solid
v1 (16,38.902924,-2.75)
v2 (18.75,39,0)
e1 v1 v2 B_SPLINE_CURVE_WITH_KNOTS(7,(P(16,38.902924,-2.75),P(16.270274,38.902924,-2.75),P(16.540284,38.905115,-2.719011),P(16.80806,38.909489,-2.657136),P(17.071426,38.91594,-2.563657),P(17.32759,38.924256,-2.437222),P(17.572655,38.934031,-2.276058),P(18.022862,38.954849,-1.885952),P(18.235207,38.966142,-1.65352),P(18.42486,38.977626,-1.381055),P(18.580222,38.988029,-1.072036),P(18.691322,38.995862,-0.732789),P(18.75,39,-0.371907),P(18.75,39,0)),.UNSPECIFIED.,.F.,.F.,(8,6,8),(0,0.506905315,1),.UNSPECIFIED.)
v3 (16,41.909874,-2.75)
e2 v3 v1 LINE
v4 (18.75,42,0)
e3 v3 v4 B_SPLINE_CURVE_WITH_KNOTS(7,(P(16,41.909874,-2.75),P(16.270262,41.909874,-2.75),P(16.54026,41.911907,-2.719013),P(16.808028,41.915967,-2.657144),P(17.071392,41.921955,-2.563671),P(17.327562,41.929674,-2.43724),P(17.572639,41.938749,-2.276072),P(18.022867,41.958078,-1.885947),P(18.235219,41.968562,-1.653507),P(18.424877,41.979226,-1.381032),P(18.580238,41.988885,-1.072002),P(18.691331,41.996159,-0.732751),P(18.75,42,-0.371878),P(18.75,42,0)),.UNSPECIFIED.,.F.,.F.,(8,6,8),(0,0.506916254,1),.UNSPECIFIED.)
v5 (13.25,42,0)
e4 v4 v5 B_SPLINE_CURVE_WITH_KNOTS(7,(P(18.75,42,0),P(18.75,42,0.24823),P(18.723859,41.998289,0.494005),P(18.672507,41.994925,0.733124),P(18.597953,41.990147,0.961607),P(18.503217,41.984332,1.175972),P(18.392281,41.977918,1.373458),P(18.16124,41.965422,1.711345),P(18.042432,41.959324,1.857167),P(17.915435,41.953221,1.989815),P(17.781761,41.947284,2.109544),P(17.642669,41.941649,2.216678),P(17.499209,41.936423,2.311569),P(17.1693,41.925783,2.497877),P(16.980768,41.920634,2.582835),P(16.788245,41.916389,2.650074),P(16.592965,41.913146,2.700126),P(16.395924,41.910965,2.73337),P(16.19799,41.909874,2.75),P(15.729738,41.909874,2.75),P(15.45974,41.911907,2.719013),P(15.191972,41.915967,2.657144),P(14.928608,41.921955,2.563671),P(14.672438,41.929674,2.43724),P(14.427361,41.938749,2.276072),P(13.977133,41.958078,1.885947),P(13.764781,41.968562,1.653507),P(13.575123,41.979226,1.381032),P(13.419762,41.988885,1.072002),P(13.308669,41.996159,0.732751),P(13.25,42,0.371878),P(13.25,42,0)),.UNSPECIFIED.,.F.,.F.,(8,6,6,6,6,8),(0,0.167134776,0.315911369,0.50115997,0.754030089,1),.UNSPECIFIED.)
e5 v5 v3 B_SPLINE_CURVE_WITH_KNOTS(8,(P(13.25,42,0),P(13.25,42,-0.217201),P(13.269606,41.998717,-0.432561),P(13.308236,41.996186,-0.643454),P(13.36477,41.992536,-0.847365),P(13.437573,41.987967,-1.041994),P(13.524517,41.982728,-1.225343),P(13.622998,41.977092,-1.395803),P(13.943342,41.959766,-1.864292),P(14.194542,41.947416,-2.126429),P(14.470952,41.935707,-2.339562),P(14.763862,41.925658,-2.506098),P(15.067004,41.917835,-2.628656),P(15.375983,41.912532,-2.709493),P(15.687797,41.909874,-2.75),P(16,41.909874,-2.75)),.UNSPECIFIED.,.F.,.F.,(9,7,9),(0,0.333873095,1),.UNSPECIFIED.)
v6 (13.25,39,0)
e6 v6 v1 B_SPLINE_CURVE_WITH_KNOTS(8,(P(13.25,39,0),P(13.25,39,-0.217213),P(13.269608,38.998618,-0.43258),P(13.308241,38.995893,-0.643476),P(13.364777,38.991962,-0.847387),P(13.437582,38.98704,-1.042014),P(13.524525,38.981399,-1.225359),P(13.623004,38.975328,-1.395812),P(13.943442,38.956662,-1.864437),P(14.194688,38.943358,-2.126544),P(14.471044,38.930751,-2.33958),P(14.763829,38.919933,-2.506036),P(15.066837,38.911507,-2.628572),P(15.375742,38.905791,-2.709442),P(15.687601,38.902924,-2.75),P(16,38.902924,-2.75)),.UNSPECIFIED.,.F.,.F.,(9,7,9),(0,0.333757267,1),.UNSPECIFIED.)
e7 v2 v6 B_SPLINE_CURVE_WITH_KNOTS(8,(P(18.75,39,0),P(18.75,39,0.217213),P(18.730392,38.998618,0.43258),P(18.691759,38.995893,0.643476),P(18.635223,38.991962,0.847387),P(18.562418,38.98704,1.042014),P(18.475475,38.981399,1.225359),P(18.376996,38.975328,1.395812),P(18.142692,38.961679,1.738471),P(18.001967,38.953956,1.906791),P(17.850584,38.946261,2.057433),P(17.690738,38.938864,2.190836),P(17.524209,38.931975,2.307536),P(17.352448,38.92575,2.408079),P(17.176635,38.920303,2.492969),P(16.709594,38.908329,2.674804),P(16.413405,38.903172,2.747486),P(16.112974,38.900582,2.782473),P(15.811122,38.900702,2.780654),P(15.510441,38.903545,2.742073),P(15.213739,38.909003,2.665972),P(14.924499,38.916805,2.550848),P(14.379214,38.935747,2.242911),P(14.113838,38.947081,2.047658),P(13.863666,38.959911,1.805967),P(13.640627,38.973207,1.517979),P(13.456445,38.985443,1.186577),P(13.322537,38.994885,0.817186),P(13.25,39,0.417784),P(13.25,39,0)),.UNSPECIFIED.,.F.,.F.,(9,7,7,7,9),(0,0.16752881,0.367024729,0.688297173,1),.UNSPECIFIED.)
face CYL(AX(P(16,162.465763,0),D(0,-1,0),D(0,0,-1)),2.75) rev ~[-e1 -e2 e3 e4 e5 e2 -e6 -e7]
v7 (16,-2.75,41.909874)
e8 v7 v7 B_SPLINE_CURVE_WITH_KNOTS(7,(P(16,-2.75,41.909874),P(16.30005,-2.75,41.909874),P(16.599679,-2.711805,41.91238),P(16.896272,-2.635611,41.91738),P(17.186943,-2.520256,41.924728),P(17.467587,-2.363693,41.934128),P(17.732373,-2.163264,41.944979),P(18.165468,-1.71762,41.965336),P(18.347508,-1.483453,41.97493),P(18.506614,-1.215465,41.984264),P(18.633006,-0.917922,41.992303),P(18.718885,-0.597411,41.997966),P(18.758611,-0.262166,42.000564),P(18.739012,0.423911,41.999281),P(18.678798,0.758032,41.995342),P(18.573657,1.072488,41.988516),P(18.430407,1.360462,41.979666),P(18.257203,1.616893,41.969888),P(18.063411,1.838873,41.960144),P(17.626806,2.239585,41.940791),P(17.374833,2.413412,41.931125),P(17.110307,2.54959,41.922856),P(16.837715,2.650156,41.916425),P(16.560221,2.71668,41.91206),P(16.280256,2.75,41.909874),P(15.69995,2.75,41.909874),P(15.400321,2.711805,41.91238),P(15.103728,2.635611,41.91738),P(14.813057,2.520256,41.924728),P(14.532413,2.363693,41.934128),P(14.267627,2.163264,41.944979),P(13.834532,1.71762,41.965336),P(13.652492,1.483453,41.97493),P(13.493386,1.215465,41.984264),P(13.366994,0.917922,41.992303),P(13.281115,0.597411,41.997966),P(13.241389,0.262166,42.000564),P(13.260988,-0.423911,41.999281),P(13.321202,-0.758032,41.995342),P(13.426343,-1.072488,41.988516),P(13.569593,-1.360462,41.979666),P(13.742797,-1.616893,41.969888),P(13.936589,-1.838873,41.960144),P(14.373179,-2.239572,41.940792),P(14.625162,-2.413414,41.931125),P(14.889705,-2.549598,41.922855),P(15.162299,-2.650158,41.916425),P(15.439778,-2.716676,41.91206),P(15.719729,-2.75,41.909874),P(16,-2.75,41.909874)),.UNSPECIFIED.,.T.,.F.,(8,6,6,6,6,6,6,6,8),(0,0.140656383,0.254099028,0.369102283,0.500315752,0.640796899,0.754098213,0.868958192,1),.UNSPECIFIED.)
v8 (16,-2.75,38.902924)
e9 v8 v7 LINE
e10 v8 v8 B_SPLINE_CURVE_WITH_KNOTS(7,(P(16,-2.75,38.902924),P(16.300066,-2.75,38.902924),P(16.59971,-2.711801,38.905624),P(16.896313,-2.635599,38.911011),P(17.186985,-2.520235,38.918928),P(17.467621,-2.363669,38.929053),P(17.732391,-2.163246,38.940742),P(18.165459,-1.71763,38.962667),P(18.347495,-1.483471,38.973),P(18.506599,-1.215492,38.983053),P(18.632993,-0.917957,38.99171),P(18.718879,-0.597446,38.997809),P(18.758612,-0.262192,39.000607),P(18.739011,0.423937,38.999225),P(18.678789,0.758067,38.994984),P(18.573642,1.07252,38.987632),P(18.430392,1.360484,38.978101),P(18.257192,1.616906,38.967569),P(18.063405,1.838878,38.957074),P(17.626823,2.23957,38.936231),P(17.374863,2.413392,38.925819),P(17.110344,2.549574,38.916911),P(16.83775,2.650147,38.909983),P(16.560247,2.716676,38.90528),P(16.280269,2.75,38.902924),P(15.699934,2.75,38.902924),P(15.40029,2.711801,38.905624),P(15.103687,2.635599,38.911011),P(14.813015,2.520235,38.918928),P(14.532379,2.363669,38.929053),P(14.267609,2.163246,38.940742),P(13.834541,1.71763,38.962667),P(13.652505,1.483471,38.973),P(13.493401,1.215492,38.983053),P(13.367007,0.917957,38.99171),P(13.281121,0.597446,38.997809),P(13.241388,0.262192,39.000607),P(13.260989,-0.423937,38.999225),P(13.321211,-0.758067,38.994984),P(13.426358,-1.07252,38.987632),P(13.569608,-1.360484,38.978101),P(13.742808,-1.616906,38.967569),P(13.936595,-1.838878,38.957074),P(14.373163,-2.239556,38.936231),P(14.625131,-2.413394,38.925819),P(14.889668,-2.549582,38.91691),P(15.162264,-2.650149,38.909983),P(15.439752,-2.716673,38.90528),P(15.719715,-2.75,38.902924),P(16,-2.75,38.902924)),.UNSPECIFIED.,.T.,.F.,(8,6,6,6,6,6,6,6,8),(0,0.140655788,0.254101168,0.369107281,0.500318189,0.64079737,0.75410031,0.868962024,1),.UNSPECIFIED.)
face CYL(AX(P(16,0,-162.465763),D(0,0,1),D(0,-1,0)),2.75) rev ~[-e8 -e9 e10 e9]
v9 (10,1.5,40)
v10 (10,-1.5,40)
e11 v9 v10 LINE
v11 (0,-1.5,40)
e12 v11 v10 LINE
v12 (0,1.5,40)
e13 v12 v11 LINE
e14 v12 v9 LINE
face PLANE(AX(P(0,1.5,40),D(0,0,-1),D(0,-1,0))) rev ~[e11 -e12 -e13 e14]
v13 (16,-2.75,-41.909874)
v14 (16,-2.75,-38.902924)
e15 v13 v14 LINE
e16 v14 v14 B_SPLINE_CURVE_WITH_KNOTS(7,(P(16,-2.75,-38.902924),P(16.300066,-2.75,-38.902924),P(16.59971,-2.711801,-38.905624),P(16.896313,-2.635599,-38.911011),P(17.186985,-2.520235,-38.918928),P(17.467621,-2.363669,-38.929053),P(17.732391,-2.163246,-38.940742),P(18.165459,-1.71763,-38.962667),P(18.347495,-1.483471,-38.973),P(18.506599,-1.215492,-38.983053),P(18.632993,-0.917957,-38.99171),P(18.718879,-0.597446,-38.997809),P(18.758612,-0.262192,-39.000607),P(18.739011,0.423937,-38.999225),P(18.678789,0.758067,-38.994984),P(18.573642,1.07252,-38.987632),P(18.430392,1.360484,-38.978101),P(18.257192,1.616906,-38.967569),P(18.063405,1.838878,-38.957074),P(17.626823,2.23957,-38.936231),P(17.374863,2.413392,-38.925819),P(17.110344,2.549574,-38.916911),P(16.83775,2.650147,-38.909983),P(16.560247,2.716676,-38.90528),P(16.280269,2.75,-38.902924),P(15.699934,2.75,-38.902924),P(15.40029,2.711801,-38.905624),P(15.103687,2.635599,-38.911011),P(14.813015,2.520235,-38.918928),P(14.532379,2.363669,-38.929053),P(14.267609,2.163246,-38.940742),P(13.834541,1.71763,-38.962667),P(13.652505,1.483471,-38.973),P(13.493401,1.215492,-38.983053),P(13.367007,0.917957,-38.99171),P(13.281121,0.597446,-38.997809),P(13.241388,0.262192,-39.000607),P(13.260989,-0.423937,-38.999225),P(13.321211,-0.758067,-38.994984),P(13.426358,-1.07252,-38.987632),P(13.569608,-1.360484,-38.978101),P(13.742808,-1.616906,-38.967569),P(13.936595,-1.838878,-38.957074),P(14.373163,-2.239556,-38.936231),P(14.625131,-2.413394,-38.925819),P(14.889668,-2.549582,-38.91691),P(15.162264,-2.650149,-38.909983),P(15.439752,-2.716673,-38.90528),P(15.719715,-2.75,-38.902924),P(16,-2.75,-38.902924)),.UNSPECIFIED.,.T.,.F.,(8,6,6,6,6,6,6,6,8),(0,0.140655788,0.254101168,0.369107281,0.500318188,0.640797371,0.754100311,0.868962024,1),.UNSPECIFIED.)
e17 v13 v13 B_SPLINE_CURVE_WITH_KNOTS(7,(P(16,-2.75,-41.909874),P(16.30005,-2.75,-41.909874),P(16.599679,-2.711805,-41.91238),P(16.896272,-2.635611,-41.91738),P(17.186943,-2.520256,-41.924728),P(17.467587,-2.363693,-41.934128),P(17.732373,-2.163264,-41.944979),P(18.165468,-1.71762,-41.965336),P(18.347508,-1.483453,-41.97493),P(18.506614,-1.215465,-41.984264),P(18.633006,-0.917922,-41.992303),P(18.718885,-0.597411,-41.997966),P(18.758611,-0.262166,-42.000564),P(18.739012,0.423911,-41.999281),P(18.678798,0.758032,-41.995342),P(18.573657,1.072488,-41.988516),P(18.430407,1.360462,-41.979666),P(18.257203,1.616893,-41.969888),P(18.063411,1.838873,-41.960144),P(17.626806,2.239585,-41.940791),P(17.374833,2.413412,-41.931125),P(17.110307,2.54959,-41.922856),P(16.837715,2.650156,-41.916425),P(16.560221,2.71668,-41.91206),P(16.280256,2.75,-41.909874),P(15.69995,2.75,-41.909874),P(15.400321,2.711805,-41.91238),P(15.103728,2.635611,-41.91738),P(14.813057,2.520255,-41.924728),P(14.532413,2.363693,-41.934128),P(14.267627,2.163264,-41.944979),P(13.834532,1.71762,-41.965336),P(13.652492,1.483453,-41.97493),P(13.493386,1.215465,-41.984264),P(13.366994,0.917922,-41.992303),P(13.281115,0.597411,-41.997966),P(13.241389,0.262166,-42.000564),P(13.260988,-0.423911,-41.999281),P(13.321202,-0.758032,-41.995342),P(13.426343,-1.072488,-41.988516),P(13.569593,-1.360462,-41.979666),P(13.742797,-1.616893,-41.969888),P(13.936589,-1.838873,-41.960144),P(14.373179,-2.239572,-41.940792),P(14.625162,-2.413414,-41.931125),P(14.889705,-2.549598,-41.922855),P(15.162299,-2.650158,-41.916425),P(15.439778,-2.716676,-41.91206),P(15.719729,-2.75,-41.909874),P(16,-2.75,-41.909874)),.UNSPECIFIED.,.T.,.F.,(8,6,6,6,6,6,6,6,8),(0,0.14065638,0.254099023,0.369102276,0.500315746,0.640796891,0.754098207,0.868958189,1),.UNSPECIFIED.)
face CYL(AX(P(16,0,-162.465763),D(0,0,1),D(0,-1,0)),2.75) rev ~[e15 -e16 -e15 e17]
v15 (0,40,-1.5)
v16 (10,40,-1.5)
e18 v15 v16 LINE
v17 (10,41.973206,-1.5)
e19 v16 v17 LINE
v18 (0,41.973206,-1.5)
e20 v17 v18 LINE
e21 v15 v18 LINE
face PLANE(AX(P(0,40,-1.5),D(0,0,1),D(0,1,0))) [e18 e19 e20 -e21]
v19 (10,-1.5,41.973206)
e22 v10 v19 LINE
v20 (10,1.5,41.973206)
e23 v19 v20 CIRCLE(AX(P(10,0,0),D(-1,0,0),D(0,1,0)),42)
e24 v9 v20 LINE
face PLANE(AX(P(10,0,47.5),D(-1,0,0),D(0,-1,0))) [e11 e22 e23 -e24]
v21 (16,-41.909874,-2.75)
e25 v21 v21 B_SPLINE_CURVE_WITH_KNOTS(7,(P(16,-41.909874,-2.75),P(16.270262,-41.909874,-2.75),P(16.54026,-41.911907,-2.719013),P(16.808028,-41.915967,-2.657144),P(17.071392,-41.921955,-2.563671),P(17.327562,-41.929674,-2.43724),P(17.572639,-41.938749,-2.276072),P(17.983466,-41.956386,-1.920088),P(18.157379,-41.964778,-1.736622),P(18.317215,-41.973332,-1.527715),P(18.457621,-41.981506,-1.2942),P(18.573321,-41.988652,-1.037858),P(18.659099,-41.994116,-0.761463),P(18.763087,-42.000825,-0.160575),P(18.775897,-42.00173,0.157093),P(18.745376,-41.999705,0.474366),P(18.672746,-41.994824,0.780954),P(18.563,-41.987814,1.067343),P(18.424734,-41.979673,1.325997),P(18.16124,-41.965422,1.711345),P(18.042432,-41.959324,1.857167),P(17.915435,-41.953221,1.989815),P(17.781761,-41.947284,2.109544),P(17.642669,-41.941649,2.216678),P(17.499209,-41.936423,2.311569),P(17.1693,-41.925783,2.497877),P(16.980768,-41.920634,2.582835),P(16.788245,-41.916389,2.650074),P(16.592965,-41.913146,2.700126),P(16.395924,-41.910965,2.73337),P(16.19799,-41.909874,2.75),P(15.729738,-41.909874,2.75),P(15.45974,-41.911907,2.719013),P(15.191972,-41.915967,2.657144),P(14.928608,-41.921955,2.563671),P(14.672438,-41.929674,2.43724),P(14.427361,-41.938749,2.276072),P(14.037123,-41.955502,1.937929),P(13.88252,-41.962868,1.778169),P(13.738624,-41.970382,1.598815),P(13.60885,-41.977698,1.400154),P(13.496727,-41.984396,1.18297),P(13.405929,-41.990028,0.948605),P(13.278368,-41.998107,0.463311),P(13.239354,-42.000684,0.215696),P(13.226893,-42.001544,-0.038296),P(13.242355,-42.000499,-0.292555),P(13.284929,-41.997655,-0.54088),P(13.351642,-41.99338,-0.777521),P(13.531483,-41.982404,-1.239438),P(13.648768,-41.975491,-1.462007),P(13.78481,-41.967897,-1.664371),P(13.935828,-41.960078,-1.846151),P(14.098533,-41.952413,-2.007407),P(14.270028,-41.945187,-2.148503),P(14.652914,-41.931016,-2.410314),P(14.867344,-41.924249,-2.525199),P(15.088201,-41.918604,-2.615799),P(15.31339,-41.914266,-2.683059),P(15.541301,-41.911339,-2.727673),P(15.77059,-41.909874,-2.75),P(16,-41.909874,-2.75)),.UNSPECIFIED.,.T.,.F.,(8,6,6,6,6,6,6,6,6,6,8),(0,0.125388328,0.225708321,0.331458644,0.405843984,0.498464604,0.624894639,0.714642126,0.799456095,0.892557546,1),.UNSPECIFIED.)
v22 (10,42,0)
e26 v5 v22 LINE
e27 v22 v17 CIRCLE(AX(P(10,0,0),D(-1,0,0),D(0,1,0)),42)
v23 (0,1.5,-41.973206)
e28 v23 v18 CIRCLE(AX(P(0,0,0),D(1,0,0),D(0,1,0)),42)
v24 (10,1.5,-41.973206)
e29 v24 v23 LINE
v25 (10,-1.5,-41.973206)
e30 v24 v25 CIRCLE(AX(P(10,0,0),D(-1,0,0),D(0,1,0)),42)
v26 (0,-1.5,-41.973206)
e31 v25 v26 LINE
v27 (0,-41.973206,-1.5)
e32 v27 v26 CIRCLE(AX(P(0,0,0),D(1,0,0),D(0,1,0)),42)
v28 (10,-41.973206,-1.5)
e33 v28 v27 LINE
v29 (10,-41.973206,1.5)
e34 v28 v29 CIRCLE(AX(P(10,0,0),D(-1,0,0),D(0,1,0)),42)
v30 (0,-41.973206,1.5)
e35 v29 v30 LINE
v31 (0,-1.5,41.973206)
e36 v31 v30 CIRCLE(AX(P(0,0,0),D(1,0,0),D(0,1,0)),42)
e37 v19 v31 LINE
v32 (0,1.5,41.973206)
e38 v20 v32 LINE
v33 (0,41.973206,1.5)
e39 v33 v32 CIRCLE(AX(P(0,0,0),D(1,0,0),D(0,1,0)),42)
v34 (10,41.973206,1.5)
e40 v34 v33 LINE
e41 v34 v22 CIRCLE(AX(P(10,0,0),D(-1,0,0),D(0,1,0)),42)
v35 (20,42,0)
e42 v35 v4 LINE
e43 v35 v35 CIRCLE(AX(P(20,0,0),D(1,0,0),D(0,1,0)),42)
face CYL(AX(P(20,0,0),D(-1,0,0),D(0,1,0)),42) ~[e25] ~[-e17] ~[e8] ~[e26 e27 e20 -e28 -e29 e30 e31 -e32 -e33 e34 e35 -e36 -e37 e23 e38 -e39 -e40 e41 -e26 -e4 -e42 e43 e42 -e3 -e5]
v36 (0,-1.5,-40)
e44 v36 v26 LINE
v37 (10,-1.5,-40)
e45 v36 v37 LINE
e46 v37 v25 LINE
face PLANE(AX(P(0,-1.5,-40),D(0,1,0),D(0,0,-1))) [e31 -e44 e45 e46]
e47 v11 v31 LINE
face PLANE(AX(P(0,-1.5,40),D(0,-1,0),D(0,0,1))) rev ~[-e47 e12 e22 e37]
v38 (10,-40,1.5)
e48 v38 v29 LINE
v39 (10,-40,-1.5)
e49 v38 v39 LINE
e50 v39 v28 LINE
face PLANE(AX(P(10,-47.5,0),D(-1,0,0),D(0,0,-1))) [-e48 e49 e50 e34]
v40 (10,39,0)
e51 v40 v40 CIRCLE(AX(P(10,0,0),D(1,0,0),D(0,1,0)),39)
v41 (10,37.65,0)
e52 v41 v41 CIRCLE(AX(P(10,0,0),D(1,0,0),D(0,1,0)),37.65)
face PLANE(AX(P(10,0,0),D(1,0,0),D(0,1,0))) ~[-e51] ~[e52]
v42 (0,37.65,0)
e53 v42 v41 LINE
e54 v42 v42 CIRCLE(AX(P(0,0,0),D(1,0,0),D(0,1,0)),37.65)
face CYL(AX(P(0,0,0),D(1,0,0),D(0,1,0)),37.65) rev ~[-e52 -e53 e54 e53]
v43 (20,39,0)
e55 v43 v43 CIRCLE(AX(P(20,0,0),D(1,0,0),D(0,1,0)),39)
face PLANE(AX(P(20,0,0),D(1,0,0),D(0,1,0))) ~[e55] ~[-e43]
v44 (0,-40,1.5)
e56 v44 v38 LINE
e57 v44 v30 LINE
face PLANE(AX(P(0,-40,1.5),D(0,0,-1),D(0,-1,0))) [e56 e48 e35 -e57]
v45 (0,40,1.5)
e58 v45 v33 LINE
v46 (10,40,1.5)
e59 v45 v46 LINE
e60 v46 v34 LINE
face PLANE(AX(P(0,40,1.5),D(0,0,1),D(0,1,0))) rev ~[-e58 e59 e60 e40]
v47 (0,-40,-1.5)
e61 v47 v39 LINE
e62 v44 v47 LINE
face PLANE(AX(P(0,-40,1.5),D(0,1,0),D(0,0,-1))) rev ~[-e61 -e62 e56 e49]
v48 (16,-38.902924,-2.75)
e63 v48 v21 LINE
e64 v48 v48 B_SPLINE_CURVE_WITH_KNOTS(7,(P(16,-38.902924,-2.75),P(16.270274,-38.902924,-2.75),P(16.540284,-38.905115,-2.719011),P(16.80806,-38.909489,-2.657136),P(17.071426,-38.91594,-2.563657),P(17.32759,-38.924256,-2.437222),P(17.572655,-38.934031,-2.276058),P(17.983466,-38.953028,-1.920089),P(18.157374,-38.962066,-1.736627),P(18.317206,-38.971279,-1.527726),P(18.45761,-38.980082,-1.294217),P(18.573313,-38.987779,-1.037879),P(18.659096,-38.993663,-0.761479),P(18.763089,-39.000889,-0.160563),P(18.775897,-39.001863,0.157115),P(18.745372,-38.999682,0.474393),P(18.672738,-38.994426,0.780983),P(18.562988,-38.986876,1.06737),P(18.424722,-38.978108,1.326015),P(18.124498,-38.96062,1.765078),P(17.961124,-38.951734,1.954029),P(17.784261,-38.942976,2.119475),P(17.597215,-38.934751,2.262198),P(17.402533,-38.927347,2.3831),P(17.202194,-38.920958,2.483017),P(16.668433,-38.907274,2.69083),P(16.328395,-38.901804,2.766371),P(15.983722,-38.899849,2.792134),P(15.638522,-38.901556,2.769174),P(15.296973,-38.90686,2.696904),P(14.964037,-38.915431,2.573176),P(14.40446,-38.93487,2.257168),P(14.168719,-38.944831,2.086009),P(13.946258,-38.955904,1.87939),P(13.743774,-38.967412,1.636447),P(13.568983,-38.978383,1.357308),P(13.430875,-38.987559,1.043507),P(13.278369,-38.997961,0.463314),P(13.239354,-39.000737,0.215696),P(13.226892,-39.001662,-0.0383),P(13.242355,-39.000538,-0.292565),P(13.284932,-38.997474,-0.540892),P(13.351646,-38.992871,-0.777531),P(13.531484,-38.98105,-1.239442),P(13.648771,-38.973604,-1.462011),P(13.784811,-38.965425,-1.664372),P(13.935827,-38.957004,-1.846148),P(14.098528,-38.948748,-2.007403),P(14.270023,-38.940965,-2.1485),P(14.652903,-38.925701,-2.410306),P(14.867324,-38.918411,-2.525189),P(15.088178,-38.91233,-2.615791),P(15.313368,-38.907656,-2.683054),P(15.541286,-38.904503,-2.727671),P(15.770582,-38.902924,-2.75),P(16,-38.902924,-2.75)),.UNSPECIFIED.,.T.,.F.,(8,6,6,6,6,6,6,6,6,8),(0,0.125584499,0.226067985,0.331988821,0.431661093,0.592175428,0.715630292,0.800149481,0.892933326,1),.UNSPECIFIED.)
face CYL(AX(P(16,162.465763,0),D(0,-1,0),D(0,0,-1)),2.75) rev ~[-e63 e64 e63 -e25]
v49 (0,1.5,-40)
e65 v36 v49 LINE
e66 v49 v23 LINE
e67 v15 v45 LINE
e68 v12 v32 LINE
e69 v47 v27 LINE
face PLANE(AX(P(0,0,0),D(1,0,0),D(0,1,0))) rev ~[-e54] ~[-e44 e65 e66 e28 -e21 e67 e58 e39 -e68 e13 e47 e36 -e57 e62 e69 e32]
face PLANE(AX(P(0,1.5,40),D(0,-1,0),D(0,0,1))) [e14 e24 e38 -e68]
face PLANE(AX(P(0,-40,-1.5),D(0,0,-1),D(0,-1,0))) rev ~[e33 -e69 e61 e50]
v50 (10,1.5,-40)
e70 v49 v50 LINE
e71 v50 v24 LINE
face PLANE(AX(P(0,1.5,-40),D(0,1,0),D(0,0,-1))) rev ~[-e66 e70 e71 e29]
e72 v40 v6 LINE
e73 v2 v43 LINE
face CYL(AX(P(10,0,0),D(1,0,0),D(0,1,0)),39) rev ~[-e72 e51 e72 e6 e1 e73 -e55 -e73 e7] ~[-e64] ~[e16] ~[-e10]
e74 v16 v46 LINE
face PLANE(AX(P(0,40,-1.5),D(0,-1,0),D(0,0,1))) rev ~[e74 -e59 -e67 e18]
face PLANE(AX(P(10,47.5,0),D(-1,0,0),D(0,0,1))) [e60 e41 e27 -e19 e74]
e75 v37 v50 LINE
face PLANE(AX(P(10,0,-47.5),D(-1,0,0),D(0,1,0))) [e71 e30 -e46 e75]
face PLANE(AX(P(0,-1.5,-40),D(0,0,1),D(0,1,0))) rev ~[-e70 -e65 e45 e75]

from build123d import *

# Parameters (mm, degrees)
D_GAGEMENT_M51_D             = 5.5
R_P_TITION_CIRCULAIRE1_COUNT = 2
R_P_TITION_CIRCULAIRE1_ANGLE = 90
ESQUISSE5_W                  = 3
ESQUISSE5_H                  = 15
ENL_V_MAT_EXTRU_1_DEPTH      = 10
R_P_TITION_CIRCULAIRE2_COUNT = 4


with BuildPart() as part:
    # Esquisse1 → Révolution1 (revolve)
    with BuildSketch(Plane.XY):
        Polygon((0, 37.65), (10, 37.65), (10, 39), (20, 39), (20, 42), (0, 42), align=None)
    revolve(axis=Axis((0, 0, 0), (1, 0, 0)))

    # Dégagement M51 (through all)
    with Locations(Plane(origin=(16, 42, 0), x_dir=(0, 0, 1), z_dir=(0, 1, 0))):
        with Locations((0, 0)):
            d_gagement_m51 = Hole(D_GAGEMENT_M51_D / 2)

    # Répétition circulaire1: Dégagement M51 ×2 about axis
    r_p_tition_circulaire1_axis = Axis((20, 0, 0), (-1, 0, 0))
    for i in range(1, R_P_TITION_CIRCULAIRE1_COUNT):
        add(d_gagement_m51.rotate(r_p_tition_circulaire1_axis, i * R_P_TITION_CIRCULAIRE1_ANGLE / (R_P_TITION_CIRCULAIRE1_COUNT - 1)), mode=Mode.SUBTRACT)

    # Esquisse5 → Enlèv. mat.-Extru.1 (cut)
    with BuildSketch(Plane.ZY):
        with Locations((0, 47.5)):
            Rectangle(ESQUISSE5_W, ESQUISSE5_H)
    enl_v_mat_extru_1 = extrude(amount=-ENL_V_MAT_EXTRU_1_DEPTH, mode=Mode.SUBTRACT)

    # Répétition circulaire2: Enlèv. mat.-Extru.1 ×4 about axis
    r_p_tition_circulaire2_axis = Axis((0, 0, 0), (1, 0, 0))
    for i in range(1, R_P_TITION_CIRCULAIRE2_COUNT):
        add(enl_v_mat_extru_1.rotate(r_p_tition_circulaire2_axis, i * 360 / R_P_TITION_CIRCULAIRE2_COUNT), mode=Mode.SUBTRACT)


solid = part.part
